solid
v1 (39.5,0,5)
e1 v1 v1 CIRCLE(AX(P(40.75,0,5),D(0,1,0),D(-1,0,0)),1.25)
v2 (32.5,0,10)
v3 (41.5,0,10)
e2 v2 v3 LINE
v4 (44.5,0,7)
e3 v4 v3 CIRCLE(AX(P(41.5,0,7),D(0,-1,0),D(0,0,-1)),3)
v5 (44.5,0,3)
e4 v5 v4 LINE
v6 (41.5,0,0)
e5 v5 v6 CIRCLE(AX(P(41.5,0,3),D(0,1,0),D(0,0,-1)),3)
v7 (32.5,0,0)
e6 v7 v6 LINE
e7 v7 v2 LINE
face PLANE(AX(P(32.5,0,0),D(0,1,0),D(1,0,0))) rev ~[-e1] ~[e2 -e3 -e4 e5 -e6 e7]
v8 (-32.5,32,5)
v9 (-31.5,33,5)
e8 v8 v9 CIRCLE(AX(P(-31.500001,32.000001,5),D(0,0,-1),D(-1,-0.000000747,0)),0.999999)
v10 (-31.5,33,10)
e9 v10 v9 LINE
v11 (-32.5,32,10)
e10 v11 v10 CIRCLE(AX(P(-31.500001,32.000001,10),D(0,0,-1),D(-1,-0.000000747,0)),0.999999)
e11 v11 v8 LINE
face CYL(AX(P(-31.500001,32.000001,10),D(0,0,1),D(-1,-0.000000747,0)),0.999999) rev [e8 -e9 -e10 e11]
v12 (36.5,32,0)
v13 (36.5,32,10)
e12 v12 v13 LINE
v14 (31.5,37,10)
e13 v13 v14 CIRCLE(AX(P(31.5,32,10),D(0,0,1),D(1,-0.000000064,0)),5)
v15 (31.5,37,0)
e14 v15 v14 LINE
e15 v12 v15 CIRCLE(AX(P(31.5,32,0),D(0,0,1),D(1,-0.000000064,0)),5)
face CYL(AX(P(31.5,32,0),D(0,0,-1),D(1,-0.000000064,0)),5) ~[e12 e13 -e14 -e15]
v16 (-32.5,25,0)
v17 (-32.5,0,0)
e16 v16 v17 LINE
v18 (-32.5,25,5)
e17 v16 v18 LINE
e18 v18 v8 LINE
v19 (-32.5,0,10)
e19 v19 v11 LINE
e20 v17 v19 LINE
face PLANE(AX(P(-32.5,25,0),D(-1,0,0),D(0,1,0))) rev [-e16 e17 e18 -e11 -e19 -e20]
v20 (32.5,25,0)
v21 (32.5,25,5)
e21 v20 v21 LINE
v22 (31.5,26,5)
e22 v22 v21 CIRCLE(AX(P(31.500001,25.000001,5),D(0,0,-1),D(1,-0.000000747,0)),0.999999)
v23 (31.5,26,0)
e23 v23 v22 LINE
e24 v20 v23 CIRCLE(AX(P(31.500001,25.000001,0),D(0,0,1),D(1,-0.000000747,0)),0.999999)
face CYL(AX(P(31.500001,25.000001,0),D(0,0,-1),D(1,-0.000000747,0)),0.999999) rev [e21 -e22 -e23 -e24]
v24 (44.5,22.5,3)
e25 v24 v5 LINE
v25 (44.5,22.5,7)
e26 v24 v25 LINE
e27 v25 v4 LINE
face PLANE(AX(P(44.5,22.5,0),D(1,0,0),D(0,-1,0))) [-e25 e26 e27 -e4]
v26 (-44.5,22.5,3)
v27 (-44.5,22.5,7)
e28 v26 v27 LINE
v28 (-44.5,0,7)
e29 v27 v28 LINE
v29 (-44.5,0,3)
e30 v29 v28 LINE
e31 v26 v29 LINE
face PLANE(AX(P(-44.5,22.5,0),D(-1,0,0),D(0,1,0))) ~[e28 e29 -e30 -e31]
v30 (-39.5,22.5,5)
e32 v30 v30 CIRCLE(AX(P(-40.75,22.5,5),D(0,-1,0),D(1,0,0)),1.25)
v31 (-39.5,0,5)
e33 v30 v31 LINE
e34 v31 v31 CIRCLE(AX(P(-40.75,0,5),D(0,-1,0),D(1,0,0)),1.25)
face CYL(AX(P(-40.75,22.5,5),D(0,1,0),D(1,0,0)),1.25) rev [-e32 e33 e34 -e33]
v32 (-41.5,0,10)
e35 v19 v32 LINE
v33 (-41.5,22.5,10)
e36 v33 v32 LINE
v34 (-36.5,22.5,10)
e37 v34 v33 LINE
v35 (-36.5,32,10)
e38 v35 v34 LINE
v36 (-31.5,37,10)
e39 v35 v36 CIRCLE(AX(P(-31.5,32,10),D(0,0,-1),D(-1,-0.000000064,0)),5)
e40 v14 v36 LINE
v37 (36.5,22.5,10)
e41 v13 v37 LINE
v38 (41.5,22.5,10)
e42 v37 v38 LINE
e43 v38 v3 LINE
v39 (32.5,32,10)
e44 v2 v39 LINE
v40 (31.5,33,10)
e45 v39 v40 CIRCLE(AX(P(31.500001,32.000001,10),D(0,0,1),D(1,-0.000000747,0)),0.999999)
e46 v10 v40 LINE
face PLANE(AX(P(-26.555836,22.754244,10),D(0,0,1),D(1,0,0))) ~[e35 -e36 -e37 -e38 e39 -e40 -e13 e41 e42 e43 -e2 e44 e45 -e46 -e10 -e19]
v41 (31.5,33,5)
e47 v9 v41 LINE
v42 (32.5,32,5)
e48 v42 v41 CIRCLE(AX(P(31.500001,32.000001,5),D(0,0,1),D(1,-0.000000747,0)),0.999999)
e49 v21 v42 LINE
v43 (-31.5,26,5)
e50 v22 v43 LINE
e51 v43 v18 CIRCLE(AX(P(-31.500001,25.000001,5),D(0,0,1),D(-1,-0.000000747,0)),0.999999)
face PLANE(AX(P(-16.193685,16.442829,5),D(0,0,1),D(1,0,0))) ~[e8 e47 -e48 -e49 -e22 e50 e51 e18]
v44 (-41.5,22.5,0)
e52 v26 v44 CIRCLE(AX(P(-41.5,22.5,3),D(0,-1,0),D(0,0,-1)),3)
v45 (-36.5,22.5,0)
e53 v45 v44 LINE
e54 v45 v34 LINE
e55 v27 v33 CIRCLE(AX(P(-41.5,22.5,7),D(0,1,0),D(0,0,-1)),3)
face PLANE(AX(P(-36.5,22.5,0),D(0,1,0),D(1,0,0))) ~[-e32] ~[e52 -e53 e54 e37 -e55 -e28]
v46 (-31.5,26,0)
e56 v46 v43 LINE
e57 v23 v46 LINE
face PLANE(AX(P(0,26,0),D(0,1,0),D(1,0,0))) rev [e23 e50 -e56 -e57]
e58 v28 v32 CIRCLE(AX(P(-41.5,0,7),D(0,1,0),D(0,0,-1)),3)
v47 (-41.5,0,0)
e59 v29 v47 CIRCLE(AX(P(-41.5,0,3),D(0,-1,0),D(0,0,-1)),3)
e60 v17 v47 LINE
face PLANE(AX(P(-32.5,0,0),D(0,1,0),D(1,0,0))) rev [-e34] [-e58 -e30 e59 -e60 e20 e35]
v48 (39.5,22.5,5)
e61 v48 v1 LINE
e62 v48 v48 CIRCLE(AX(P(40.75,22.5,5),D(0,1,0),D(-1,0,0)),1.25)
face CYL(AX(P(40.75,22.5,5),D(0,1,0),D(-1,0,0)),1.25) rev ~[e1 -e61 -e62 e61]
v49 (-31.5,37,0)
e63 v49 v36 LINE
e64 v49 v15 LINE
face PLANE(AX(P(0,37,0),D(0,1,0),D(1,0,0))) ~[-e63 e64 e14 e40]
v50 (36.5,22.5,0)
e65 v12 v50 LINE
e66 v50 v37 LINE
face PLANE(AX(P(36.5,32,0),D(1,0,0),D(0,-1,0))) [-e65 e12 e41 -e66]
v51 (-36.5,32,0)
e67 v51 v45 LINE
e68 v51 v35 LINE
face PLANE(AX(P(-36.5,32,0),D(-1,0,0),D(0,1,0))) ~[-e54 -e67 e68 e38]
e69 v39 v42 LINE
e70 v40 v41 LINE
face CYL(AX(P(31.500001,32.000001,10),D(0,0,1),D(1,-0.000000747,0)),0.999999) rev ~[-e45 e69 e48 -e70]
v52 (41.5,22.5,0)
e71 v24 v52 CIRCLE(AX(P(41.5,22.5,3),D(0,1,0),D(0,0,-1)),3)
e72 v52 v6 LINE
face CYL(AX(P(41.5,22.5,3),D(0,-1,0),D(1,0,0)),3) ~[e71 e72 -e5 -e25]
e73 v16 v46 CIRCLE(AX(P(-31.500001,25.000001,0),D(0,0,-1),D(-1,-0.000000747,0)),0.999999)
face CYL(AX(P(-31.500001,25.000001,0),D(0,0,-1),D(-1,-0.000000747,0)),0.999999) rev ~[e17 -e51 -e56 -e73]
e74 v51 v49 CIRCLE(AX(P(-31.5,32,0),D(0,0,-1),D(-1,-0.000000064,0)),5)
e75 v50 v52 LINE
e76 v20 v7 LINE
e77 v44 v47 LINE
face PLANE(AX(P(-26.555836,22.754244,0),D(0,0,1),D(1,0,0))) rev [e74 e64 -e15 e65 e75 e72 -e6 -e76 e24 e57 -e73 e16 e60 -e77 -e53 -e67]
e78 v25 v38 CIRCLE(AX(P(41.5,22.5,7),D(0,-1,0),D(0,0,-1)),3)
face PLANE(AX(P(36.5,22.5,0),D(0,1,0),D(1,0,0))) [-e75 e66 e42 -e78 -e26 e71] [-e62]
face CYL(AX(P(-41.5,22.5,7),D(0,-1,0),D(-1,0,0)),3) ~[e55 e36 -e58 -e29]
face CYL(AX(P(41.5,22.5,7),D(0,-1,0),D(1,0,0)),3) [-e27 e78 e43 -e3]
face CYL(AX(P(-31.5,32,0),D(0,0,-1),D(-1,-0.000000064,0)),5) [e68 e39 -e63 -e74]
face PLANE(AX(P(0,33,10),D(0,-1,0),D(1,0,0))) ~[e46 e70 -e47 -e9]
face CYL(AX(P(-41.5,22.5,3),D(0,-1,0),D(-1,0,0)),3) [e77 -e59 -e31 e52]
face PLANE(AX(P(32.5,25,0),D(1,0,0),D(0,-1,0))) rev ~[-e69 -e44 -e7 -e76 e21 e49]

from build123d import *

# Parameters (mm, degrees)
PAD_DEPTH       = 10
SKETCH001_R     = 1.25
POCKET_DEPTH    = 22.501
POCKET001_DEPTH = 5
FILLET_R        = 3


with BuildPart() as part:
    # Sketch → Pad (new body)
    with BuildSketch(Plane.XY):
        with BuildLine():
            Line((0, 26), (31.5, 26))
            ThreePointArc((32.5, 25), (32.207107, 25.707107), (31.5, 26))
            Line((32.5, 25), (32.5, 0))
            Line((32.5, 0), (44.5, 0))
            Line((44.5, 22.5), (44.5, 0))
            Line((36.5, 22.5), (44.5, 22.5))
            Line((36.5, 32), (36.5, 22.5))
            ThreePointArc((36.5, 32), (35.035534, 35.535534), (31.5, 37))
            Line((0, 37), (31.5, 37))
            Line((0, 37), (0, 26))
        make_face()
    extrude(amount=PAD_DEPTH)

    # Sketch001 (on Face7 of Pad) → Pocket (cut, through all)
    with BuildSketch(Plane(origin=(0, 22.5, 0), x_dir=(-1, 0, 0), z_dir=(0, 1, 0))):
        with Locations((-40.75, 5)):
            Circle(SKETCH001_R)
    extrude(amount=-POCKET_DEPTH, mode=Mode.SUBTRACT)

    # Sketch002 (on Face5 of Pocket) → Pocket001 (cut)
    with BuildSketch(Plane.XY.offset(10)):
        with BuildLine():
            Line((0, 0), (32.5, 0))
            Line((32.5, 0), (32.5, 32))
            ThreePointArc((32.5, 32), (32.207107, 32.707107), (31.5, 33))
            Line((0, 33), (31.5, 33))
            Line((0, 0), (0, 33))
        make_face()
    extrude(amount=-POCKET001_DEPTH, mode=Mode.SUBTRACT)

    # Fillet
    fillet_edges = [part.edges().sort_by_distance(p)[0] for p in [
        (44.5, 11.25, 10),
        (44.5, 11.25, 0),
    ]]
    fillet(fillet_edges, radius=FILLET_R)

    # Mirrored: part across YZ


with BuildPart() as part_1:
    add(part.part)
    add(part.part.mirror(Plane.YZ))


solid = part_1.part
